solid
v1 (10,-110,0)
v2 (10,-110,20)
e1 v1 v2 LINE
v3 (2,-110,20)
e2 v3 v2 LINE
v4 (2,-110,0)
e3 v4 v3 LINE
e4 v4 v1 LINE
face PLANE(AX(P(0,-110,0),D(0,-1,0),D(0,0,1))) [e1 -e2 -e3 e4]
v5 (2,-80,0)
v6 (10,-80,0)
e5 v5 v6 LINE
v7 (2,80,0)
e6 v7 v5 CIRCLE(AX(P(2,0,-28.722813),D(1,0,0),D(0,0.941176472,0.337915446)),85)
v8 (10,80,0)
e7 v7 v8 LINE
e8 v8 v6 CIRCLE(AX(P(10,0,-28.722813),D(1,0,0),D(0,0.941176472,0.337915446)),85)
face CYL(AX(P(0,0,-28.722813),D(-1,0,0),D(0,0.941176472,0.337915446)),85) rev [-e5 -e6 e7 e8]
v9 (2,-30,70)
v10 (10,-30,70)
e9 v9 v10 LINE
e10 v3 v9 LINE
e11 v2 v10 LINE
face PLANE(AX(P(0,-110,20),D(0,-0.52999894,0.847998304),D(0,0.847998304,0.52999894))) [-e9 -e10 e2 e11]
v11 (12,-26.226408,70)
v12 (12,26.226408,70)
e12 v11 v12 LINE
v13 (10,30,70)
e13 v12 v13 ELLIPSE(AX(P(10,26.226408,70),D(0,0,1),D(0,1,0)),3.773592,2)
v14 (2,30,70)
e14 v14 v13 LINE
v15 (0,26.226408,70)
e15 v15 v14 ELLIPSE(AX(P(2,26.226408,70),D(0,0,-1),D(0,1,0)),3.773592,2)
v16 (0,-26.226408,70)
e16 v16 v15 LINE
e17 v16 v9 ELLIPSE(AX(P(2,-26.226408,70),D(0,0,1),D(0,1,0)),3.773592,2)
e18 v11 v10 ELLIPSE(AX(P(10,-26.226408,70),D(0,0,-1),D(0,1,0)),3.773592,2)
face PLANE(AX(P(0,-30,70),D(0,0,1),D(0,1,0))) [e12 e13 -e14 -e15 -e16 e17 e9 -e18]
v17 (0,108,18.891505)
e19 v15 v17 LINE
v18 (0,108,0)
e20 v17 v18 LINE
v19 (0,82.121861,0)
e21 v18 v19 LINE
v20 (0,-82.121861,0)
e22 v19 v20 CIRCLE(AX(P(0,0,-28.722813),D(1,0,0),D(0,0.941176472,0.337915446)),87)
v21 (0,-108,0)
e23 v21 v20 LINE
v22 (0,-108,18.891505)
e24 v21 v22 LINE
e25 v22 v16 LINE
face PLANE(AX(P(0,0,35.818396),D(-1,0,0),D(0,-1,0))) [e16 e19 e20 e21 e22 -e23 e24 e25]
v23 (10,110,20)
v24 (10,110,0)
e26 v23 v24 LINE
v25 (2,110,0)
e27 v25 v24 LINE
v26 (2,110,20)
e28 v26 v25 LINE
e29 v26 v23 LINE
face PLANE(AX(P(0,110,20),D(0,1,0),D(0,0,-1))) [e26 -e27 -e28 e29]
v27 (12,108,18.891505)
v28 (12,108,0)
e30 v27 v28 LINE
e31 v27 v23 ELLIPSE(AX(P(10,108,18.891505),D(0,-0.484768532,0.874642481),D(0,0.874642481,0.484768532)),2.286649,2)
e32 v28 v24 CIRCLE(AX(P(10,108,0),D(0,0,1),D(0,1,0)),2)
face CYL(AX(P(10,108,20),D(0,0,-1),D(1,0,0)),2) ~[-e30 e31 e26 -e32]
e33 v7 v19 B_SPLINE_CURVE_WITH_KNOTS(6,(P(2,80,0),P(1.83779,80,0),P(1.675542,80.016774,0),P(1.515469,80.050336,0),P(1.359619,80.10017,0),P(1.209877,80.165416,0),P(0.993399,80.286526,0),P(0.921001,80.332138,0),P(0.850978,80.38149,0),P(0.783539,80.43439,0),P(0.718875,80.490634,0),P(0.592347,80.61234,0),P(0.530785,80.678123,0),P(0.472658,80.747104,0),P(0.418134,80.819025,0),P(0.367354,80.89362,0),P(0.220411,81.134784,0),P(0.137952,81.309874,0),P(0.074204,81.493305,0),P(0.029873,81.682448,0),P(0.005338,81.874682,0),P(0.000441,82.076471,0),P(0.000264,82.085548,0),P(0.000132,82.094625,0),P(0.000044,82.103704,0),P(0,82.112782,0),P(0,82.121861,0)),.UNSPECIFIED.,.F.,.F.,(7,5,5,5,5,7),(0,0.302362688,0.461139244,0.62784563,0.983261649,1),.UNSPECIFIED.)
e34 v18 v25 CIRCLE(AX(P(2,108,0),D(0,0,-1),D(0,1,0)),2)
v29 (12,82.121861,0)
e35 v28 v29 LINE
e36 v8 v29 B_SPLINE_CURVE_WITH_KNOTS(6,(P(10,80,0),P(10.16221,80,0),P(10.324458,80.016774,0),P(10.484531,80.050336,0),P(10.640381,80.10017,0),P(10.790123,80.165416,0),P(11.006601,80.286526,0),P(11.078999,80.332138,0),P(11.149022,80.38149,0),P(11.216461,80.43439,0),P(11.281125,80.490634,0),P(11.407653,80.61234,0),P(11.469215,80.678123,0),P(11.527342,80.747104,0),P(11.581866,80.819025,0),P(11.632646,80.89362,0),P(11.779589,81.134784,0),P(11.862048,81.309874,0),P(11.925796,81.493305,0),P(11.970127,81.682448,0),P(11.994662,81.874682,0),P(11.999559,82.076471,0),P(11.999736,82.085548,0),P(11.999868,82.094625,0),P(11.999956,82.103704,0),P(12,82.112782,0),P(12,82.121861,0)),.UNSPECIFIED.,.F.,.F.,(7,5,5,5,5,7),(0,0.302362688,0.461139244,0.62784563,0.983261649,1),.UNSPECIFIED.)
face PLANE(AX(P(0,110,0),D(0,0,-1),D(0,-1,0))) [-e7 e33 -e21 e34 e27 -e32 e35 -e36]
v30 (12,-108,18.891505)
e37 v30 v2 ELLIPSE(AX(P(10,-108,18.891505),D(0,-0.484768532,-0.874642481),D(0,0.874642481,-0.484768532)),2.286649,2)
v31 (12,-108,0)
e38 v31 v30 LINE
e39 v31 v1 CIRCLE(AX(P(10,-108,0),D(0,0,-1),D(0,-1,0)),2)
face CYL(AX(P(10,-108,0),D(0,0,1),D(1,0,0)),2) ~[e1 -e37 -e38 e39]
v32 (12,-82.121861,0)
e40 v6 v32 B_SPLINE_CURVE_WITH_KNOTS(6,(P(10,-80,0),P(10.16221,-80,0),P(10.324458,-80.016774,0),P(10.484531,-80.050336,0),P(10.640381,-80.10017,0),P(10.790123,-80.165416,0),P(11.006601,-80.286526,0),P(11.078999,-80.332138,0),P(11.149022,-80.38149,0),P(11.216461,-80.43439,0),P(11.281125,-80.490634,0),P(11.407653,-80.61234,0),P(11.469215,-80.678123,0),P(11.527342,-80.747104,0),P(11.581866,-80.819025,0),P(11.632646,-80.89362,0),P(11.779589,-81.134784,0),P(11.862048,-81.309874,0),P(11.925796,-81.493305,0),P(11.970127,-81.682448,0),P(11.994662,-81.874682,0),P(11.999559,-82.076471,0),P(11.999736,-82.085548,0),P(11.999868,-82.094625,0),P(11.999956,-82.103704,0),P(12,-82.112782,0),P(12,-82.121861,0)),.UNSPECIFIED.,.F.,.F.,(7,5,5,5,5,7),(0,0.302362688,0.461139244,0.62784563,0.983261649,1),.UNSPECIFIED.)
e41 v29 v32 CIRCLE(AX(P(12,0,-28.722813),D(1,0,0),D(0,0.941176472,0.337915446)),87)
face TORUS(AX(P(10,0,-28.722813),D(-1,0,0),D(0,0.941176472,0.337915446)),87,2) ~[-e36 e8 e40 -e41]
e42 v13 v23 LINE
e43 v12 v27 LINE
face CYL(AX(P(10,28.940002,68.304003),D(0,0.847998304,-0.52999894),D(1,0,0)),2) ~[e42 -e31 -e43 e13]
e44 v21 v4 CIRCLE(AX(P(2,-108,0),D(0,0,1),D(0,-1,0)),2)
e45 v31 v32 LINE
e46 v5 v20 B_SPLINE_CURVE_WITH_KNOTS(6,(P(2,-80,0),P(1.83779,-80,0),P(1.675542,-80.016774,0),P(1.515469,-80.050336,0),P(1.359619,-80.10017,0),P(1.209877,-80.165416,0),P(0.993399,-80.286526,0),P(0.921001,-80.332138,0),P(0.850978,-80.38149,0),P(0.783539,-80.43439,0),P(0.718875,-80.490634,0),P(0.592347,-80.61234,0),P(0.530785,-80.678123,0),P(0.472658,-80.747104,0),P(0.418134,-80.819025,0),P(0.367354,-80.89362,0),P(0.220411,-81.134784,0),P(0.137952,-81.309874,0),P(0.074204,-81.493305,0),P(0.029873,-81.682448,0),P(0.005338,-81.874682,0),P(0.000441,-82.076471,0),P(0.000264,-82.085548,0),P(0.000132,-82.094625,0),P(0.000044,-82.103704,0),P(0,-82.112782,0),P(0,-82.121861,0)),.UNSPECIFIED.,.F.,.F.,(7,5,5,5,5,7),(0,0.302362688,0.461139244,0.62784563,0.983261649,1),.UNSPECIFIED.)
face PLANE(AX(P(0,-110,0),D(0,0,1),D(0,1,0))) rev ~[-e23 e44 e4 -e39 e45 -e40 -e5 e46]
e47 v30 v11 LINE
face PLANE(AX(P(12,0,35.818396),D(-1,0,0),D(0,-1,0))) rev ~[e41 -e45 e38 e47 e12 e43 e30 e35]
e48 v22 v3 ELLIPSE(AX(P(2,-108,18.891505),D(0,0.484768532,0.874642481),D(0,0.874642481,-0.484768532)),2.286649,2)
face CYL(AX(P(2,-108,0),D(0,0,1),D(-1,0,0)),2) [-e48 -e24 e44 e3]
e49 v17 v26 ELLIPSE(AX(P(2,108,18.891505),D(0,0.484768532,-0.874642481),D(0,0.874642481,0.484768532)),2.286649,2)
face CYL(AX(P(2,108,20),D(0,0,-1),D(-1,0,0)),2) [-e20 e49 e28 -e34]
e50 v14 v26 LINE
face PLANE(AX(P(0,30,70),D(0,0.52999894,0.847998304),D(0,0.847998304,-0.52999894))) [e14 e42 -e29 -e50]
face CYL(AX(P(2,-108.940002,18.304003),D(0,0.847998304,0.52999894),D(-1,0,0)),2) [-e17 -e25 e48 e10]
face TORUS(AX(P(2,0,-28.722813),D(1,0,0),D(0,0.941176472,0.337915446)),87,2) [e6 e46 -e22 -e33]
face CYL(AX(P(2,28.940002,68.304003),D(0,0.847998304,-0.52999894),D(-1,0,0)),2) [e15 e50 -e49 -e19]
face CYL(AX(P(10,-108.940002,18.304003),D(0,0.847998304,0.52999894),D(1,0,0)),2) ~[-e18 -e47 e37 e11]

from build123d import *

# Parameters (mm, degrees)
PAD019_DEPTH = 12
FILLET005_R  = 2
FILLET006_R  = 2


with BuildPart() as part:
    # Sketch058 → Pad019 (new body)
    with BuildSketch(Plane.YZ):
        with BuildLine():
            Line((-110, 0), (-110, 20))
            Line((-110, 20), (-30, 70))
            Line((-30, 70), (30, 70))
            Line((30, 70), (110, 20))
            Line((110, 20), (110, 0))
            Line((110, 0), (80, 0))
            ThreePointArc((80, 0), (0, 56.277187), (-80, 0))
            Line((-110, 0), (-80, 0))
        make_face()
    extrude(amount=PAD019_DEPTH)

    # Fillet005
    fillet005_edges = [part.edges().sort_by_distance(p)[0] for p in [
        (0, 0, 56.277187),
        (12, 0, 56.277187),
    ]]
    fillet(fillet005_edges, radius=FILLET005_R)

    # Fillet006
    fillet006_edges = [part.edges().sort_by_distance(p)[0] for p in [
        (12, 70, 45),
        (0, 70, 45),
        (0, -70, 45),
        (12, -70, 45),
        (0, -110, 10),
        (12, -110, 10),
        (0, 110, 10),
        (12, 110, 10),
    ]]
    fillet(fillet006_edges, radius=FILLET006_R)


solid = part.part
